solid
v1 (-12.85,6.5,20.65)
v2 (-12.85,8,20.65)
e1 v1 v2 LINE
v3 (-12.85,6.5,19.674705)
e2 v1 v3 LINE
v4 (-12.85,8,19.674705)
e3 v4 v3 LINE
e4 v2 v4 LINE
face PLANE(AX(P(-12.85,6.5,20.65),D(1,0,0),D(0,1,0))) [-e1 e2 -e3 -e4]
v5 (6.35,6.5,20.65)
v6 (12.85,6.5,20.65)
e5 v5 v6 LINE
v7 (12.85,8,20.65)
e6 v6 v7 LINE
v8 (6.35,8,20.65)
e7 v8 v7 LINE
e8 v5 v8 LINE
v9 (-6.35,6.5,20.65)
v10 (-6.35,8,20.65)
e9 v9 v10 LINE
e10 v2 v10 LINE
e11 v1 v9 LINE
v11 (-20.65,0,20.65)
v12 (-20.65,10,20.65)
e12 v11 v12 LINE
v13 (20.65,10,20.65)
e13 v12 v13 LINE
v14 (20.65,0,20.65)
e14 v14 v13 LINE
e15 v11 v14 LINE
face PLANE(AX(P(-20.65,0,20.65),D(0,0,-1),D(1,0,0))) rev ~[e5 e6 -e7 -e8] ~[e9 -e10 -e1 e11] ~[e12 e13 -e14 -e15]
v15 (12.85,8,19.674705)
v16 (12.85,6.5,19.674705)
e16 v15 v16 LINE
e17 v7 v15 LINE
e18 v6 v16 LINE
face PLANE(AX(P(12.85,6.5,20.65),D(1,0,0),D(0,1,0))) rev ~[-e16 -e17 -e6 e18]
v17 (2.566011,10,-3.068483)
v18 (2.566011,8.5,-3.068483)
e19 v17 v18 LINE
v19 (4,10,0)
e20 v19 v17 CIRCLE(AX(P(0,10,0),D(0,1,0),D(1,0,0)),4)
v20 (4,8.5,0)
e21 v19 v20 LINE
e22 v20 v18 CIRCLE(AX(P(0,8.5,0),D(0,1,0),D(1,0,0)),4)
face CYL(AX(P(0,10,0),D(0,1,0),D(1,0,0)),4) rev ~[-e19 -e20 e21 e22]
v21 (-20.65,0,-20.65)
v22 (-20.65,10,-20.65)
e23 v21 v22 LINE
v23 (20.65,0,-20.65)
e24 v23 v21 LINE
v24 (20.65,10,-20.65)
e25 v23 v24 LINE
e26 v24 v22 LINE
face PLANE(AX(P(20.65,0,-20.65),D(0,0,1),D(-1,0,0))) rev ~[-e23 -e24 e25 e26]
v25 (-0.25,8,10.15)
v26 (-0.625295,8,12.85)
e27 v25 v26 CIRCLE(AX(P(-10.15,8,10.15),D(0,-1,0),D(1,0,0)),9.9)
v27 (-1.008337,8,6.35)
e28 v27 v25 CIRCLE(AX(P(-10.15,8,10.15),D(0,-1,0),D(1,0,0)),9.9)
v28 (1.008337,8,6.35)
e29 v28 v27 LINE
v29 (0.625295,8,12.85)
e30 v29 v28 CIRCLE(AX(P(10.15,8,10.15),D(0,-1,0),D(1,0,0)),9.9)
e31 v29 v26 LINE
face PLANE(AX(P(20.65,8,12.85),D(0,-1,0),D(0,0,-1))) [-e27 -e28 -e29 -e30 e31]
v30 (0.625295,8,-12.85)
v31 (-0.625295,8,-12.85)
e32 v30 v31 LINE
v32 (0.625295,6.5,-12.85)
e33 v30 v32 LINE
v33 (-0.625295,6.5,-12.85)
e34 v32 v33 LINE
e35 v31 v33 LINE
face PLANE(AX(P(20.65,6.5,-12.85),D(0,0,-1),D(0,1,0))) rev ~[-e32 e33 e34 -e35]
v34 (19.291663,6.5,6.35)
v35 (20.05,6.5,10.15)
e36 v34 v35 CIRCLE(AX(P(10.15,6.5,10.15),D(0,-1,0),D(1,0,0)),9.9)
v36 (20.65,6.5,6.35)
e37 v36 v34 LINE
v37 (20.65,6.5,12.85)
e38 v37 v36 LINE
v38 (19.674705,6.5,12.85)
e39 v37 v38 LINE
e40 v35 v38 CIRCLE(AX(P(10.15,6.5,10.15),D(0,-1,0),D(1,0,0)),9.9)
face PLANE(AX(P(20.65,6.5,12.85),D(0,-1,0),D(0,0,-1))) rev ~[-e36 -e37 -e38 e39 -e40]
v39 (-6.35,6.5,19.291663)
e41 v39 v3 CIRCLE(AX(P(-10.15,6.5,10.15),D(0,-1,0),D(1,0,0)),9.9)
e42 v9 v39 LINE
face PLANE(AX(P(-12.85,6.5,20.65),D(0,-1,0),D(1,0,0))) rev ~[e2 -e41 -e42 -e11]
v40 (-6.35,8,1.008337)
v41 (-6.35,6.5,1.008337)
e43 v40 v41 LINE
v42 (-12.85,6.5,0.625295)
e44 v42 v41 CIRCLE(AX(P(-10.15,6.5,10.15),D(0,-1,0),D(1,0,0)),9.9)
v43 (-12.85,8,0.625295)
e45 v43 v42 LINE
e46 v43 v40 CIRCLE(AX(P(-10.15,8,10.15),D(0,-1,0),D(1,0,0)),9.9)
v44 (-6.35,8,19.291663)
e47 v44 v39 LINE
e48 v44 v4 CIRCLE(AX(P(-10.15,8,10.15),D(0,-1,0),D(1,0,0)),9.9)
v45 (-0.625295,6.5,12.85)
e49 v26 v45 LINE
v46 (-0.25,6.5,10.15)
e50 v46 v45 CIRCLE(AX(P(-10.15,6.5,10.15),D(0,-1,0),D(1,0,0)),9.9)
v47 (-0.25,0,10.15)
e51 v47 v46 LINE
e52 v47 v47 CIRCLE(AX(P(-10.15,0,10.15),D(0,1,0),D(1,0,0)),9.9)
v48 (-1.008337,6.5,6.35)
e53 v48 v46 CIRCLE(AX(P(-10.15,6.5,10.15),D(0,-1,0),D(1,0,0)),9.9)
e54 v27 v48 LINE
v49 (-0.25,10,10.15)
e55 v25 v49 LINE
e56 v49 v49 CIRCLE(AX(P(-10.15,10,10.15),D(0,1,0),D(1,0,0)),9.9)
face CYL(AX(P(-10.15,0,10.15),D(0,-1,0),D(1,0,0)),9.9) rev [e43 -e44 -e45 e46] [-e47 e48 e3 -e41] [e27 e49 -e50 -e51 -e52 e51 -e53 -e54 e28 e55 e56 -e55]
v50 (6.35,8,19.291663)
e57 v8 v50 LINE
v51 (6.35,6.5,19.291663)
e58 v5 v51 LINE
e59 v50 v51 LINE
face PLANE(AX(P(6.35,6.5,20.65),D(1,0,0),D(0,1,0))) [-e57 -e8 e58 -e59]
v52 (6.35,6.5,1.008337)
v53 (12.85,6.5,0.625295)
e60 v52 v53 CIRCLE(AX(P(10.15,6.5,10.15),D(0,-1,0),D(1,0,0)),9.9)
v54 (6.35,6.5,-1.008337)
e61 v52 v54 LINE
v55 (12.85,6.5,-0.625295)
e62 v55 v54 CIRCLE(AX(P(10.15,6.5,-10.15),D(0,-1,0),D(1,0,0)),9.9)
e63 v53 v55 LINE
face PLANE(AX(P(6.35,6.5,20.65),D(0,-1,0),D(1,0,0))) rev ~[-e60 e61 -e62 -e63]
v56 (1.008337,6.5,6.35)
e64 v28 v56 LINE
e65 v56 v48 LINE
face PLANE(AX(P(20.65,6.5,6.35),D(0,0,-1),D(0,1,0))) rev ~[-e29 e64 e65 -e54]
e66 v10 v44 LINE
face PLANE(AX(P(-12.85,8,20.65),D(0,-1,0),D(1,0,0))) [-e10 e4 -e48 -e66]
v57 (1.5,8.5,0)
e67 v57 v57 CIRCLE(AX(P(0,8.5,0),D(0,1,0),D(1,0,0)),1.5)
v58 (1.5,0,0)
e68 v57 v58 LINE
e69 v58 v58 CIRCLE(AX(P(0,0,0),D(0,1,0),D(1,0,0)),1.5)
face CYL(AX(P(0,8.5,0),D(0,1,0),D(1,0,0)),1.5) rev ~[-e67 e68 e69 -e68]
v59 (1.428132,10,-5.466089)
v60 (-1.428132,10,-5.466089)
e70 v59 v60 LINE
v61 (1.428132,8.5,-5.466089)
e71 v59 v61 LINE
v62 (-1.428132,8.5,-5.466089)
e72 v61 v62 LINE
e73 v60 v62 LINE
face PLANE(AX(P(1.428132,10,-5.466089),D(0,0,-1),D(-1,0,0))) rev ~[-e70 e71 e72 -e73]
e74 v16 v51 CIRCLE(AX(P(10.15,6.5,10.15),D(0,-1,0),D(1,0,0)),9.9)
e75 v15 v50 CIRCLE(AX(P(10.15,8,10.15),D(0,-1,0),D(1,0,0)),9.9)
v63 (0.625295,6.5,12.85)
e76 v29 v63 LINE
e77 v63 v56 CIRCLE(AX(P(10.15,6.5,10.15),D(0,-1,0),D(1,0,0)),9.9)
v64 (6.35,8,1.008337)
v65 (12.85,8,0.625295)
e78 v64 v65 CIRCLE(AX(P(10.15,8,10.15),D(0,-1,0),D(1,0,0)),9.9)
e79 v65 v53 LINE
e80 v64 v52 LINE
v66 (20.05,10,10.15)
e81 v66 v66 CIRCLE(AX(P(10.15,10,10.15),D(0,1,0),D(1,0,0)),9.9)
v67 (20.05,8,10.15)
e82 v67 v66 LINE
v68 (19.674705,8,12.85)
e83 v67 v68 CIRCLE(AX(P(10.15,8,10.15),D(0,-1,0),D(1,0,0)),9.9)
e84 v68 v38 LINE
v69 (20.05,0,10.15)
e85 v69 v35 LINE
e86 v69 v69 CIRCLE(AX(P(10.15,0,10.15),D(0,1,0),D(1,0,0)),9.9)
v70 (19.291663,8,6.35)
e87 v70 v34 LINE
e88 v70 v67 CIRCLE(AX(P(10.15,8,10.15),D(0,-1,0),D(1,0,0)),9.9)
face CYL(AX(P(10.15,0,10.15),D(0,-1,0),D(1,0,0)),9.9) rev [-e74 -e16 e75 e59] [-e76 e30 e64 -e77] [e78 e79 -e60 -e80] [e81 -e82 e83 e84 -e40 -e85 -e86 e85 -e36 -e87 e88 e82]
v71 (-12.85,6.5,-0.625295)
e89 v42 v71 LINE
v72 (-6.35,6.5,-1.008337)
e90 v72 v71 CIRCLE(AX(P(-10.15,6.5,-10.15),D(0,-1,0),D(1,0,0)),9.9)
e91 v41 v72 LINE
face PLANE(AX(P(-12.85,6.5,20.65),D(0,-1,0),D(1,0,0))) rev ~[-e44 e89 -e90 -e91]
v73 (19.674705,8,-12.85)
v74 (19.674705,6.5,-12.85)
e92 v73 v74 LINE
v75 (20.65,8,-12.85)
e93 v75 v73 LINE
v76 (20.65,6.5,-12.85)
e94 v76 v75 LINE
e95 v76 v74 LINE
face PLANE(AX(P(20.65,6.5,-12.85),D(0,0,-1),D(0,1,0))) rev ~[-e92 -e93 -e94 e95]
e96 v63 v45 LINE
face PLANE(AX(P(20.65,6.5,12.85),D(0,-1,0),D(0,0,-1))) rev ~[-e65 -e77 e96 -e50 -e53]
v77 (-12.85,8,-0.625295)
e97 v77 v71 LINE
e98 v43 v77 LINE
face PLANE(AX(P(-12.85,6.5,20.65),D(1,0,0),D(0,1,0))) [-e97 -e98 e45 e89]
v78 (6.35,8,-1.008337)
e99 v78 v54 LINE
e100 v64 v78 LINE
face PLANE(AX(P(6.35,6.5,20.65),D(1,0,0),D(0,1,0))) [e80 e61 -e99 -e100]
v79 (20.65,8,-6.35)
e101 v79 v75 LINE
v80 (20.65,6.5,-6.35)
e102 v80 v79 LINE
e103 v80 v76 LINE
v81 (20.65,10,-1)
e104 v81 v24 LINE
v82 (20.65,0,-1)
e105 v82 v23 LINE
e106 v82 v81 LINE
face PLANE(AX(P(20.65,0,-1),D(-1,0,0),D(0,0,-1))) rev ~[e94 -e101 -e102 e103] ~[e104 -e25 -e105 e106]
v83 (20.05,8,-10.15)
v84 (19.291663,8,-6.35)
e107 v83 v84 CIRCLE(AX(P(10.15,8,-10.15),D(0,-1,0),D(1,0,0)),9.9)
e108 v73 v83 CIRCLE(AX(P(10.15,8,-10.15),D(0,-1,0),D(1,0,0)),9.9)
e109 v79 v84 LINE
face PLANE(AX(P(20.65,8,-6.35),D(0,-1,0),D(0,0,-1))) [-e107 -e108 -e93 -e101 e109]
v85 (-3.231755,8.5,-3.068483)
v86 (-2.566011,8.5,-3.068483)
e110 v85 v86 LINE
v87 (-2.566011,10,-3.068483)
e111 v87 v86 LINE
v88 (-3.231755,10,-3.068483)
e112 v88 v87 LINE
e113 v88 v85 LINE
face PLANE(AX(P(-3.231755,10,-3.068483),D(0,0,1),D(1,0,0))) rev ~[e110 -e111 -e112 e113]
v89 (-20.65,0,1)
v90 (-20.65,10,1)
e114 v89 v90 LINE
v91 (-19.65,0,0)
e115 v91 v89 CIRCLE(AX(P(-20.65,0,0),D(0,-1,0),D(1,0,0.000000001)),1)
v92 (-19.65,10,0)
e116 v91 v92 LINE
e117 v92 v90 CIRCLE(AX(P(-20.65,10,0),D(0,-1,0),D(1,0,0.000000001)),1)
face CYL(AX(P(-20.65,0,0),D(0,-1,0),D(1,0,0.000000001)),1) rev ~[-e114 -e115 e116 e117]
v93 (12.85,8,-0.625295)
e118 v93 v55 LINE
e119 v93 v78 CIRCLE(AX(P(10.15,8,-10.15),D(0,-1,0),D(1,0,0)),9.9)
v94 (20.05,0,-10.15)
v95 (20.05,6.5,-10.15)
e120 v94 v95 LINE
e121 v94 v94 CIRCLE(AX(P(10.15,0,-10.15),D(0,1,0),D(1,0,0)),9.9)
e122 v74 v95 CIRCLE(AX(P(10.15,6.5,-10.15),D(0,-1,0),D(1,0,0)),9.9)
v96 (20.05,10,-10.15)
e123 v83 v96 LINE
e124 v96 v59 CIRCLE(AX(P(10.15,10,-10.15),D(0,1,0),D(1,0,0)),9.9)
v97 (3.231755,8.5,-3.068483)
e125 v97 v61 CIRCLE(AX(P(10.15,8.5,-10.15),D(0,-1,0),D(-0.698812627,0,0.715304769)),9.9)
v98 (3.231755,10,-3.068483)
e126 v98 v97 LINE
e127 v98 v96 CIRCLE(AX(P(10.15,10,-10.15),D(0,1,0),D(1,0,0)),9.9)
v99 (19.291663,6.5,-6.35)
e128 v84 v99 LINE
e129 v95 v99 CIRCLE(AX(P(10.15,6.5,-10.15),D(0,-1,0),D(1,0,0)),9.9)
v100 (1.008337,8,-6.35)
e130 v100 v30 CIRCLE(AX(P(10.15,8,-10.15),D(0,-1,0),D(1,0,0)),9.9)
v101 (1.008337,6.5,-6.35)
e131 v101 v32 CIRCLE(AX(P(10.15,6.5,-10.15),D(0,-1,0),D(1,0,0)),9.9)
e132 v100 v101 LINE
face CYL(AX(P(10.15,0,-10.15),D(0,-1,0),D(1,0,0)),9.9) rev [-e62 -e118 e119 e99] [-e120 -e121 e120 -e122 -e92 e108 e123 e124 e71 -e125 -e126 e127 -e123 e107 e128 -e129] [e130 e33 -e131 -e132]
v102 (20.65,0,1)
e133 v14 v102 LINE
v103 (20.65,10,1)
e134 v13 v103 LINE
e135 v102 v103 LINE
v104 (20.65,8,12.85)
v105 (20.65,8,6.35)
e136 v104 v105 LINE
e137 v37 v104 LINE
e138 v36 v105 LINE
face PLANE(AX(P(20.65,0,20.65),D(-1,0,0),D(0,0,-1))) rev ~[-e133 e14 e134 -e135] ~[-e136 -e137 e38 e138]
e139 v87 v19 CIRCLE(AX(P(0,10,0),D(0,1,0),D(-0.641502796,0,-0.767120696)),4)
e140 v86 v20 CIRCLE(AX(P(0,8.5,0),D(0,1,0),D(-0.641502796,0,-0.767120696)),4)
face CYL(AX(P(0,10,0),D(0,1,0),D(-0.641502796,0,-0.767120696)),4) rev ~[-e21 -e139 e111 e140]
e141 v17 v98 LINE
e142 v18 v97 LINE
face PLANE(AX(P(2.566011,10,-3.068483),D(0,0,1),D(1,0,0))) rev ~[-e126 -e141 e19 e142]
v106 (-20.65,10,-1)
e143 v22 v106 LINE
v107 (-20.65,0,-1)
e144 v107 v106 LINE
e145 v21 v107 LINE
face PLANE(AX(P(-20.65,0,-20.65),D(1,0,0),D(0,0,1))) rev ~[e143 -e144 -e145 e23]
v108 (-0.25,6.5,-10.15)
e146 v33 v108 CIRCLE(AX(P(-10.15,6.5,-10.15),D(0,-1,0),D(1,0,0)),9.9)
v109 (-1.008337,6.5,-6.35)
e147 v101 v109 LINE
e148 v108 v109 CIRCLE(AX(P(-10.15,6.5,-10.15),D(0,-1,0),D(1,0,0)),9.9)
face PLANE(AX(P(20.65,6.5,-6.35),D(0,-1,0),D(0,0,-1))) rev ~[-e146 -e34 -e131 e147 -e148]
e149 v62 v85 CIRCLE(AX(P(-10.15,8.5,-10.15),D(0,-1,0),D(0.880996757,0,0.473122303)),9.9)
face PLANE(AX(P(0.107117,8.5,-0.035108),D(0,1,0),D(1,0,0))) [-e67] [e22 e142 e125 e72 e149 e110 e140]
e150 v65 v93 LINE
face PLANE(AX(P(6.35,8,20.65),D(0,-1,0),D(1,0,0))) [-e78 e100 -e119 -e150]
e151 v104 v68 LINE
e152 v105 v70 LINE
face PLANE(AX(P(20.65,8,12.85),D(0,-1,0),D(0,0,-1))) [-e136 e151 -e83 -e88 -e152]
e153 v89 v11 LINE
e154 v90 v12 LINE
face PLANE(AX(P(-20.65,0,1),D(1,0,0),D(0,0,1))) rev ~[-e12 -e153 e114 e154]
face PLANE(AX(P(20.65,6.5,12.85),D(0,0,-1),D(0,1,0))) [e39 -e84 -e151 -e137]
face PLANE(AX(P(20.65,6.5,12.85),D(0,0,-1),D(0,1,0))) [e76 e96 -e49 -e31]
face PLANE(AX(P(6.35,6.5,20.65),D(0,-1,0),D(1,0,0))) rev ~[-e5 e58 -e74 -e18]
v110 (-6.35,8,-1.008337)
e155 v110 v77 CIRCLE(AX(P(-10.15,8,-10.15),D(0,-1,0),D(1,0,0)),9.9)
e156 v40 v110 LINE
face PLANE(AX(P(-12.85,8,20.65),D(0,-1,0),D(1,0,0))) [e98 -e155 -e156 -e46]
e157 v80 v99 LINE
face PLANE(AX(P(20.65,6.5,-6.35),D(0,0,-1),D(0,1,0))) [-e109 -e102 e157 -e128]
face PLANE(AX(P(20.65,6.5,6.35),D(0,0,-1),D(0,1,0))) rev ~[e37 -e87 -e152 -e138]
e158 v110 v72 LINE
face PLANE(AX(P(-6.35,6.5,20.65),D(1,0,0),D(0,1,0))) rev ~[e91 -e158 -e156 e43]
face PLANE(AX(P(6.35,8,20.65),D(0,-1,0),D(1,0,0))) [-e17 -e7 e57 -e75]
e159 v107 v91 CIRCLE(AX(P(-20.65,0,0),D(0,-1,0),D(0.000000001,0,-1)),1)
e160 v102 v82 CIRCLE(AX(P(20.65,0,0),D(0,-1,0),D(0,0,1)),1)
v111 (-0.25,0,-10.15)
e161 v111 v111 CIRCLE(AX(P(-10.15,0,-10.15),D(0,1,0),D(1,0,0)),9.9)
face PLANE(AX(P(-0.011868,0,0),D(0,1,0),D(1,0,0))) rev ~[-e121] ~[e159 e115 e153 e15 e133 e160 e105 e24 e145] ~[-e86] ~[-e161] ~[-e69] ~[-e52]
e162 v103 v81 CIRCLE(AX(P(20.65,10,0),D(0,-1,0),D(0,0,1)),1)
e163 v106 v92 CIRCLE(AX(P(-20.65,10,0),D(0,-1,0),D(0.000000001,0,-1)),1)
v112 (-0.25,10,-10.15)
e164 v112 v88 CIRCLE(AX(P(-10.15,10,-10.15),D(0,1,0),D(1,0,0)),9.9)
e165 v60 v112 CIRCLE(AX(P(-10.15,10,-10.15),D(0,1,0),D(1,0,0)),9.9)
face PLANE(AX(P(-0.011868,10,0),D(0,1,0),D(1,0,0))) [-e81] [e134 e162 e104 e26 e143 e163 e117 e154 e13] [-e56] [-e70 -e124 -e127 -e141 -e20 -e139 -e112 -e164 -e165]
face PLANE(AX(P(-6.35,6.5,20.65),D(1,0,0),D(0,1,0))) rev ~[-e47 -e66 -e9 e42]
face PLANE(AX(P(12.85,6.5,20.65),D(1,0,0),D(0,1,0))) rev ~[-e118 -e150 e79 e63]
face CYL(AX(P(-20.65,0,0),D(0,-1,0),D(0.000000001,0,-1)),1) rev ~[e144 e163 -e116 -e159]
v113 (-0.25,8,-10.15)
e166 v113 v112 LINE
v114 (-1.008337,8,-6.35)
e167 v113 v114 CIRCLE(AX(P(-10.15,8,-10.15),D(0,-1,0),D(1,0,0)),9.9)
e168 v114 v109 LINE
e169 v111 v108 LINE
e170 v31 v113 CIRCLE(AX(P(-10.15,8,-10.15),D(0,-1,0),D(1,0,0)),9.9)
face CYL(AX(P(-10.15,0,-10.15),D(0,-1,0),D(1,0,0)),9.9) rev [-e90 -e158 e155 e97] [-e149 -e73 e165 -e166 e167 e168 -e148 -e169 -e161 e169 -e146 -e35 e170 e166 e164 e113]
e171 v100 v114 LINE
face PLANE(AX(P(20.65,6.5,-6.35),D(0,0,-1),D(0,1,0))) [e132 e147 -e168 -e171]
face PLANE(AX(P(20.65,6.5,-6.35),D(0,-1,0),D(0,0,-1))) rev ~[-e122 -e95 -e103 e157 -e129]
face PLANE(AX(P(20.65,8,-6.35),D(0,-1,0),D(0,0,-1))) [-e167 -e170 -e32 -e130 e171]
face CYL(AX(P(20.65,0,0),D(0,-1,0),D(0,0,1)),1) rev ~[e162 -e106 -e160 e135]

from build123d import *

# Parameters (mm, degrees)
CROQUIS1_R              = 9.9
SALIENTE_EXTRUIR1_DEPTH = 10
CROQUIS3_W              = 6.5
CROQUIS3_H              = 1.5
CORTAR_EXTRUIR1_DEPTH   = 26
MATRIZC1_COUNT          = 2
MATRIZC1_ANGLE          = 90
CORTAR_EXTRUIR3_DEPTH   = 1.5
CROQUIS6_R              = 1.5
CORTAR_EXTRUIR4_DEPTH   = 48.5


with BuildPart() as part:
    # Croquis1 → Saliente-Extruir1 (new body)
    with BuildSketch(Plane(origin=(0, 0, 0), x_dir=(1, 0, 0), z_dir=(0, 1, 0))):
        with BuildLine():
            Line((20.65, 20.65), (-20.65, 20.65))
            Line((-20.65, 20.65), (-20.65, 1))
            ThreePointArc((-20.65, 1), (-19.942893219, 0.707106781), (-19.65, 0))
            ThreePointArc((-19.65, 0), (-19.942893219, -0.707106781), (-20.65, -1))
            Line((-20.65, -1), (-20.65, -20.65))
            Line((-20.65, -20.65), (20.65, -20.65))
            Line((20.65, -20.65), (20.65, -1))
            ThreePointArc((20.65, -1), (19.65, 0), (20.65, 1))
            Line((20.65, 1), (20.65, 20.65))
        make_face()
        with Locations((-10.15, -10.15)):
            Circle(CROQUIS1_R, mode=Mode.SUBTRACT)
        with Locations((10.15, -10.15)):
            Circle(CROQUIS1_R, mode=Mode.SUBTRACT)
        with Locations((-10.15, 10.15)):
            Circle(CROQUIS1_R, mode=Mode.SUBTRACT)
        with Locations((10.15, 10.15)):
            Circle(CROQUIS1_R, mode=Mode.SUBTRACT)
    extrude(amount=SALIENTE_EXTRUIR1_DEPTH)

    # Croquis3 → Cortar-Extruir1 (cut)
    with BuildSketch(Plane.XY.offset(20.65)):
        with Locations((-9.6, 7.25)):
            Rectangle(CROQUIS3_W, CROQUIS3_H)
        with Locations((9.6, 7.25)):
            Rectangle(CROQUIS3_W, CROQUIS3_H)
    cortar_extruir1 = extrude(amount=-CORTAR_EXTRUIR1_DEPTH, mode=Mode.SUBTRACT)

    # MatrizC1: Cortar-Extruir1 ×2 about axis
    matrizc1_axis = Axis((0, 25.469690993, 0), (0, 1, 0))
    for i in range(1, MATRIZC1_COUNT):
        add(cortar_extruir1.rotate(matrizc1_axis, i * MATRIZC1_ANGLE / (MATRIZC1_COUNT - 1)), mode=Mode.SUBTRACT)

    # Croquis5 → Cortar-Extruir3 (cut)
    with BuildSketch(Plane(origin=(0, 10, 0), x_dir=(1, 0, 0), z_dir=(0, 1, 0))):
        with BuildLine():
            ThreePointArc((4, 0), (3.623813236, 1.693510446), (2.566011184, 3.068482785))
            Line((2.566011184, 3.068482785), (-2.566011184, 3.068482785))
            ThreePointArc((-2.566011184, 3.068482785), (-1.693510446, -3.623813236), (4, 0))
        make_face()
        with BuildLine():
            Line((-2.566011184, 3.068482785), (2.566011184, 3.068482785))
            ThreePointArc((2.566011184, 3.068482785), (0, 4), (-2.566011184, 3.068482785))
        make_face()
        with BuildLine():
            ThreePointArc((3.231754996, 3.068482785), (2.238589759, 4.198564207), (1.428132105, 5.466089196))
            Line((1.428132105, 5.466089196), (-1.428132105, 5.466089196))
            ThreePointArc((-1.428132105, 5.466089196), (-2.238589759, 4.198564207), (-3.231754996, 3.068482785))
            Line((-3.231754996, 3.068482785), (-2.566011184, 3.068482785))
            ThreePointArc((-2.566011184, 3.068482785), (0, 4), (2.566011184, 3.068482785))
            Line((2.566011184, 3.068482785), (3.231754996, 3.068482785))
        make_face()
    extrude(amount=-CORTAR_EXTRUIR3_DEPTH, mode=Mode.SUBTRACT)

    # Croquis6 → Cortar-Extruir4 (cut)
    with BuildSketch(Plane(origin=(0, 8.5, 0), x_dir=(1, 0, 0), z_dir=(0, 1, 0))):
        Circle(CROQUIS6_R)
    extrude(amount=-CORTAR_EXTRUIR4_DEPTH, mode=Mode.SUBTRACT)


solid = part.part
